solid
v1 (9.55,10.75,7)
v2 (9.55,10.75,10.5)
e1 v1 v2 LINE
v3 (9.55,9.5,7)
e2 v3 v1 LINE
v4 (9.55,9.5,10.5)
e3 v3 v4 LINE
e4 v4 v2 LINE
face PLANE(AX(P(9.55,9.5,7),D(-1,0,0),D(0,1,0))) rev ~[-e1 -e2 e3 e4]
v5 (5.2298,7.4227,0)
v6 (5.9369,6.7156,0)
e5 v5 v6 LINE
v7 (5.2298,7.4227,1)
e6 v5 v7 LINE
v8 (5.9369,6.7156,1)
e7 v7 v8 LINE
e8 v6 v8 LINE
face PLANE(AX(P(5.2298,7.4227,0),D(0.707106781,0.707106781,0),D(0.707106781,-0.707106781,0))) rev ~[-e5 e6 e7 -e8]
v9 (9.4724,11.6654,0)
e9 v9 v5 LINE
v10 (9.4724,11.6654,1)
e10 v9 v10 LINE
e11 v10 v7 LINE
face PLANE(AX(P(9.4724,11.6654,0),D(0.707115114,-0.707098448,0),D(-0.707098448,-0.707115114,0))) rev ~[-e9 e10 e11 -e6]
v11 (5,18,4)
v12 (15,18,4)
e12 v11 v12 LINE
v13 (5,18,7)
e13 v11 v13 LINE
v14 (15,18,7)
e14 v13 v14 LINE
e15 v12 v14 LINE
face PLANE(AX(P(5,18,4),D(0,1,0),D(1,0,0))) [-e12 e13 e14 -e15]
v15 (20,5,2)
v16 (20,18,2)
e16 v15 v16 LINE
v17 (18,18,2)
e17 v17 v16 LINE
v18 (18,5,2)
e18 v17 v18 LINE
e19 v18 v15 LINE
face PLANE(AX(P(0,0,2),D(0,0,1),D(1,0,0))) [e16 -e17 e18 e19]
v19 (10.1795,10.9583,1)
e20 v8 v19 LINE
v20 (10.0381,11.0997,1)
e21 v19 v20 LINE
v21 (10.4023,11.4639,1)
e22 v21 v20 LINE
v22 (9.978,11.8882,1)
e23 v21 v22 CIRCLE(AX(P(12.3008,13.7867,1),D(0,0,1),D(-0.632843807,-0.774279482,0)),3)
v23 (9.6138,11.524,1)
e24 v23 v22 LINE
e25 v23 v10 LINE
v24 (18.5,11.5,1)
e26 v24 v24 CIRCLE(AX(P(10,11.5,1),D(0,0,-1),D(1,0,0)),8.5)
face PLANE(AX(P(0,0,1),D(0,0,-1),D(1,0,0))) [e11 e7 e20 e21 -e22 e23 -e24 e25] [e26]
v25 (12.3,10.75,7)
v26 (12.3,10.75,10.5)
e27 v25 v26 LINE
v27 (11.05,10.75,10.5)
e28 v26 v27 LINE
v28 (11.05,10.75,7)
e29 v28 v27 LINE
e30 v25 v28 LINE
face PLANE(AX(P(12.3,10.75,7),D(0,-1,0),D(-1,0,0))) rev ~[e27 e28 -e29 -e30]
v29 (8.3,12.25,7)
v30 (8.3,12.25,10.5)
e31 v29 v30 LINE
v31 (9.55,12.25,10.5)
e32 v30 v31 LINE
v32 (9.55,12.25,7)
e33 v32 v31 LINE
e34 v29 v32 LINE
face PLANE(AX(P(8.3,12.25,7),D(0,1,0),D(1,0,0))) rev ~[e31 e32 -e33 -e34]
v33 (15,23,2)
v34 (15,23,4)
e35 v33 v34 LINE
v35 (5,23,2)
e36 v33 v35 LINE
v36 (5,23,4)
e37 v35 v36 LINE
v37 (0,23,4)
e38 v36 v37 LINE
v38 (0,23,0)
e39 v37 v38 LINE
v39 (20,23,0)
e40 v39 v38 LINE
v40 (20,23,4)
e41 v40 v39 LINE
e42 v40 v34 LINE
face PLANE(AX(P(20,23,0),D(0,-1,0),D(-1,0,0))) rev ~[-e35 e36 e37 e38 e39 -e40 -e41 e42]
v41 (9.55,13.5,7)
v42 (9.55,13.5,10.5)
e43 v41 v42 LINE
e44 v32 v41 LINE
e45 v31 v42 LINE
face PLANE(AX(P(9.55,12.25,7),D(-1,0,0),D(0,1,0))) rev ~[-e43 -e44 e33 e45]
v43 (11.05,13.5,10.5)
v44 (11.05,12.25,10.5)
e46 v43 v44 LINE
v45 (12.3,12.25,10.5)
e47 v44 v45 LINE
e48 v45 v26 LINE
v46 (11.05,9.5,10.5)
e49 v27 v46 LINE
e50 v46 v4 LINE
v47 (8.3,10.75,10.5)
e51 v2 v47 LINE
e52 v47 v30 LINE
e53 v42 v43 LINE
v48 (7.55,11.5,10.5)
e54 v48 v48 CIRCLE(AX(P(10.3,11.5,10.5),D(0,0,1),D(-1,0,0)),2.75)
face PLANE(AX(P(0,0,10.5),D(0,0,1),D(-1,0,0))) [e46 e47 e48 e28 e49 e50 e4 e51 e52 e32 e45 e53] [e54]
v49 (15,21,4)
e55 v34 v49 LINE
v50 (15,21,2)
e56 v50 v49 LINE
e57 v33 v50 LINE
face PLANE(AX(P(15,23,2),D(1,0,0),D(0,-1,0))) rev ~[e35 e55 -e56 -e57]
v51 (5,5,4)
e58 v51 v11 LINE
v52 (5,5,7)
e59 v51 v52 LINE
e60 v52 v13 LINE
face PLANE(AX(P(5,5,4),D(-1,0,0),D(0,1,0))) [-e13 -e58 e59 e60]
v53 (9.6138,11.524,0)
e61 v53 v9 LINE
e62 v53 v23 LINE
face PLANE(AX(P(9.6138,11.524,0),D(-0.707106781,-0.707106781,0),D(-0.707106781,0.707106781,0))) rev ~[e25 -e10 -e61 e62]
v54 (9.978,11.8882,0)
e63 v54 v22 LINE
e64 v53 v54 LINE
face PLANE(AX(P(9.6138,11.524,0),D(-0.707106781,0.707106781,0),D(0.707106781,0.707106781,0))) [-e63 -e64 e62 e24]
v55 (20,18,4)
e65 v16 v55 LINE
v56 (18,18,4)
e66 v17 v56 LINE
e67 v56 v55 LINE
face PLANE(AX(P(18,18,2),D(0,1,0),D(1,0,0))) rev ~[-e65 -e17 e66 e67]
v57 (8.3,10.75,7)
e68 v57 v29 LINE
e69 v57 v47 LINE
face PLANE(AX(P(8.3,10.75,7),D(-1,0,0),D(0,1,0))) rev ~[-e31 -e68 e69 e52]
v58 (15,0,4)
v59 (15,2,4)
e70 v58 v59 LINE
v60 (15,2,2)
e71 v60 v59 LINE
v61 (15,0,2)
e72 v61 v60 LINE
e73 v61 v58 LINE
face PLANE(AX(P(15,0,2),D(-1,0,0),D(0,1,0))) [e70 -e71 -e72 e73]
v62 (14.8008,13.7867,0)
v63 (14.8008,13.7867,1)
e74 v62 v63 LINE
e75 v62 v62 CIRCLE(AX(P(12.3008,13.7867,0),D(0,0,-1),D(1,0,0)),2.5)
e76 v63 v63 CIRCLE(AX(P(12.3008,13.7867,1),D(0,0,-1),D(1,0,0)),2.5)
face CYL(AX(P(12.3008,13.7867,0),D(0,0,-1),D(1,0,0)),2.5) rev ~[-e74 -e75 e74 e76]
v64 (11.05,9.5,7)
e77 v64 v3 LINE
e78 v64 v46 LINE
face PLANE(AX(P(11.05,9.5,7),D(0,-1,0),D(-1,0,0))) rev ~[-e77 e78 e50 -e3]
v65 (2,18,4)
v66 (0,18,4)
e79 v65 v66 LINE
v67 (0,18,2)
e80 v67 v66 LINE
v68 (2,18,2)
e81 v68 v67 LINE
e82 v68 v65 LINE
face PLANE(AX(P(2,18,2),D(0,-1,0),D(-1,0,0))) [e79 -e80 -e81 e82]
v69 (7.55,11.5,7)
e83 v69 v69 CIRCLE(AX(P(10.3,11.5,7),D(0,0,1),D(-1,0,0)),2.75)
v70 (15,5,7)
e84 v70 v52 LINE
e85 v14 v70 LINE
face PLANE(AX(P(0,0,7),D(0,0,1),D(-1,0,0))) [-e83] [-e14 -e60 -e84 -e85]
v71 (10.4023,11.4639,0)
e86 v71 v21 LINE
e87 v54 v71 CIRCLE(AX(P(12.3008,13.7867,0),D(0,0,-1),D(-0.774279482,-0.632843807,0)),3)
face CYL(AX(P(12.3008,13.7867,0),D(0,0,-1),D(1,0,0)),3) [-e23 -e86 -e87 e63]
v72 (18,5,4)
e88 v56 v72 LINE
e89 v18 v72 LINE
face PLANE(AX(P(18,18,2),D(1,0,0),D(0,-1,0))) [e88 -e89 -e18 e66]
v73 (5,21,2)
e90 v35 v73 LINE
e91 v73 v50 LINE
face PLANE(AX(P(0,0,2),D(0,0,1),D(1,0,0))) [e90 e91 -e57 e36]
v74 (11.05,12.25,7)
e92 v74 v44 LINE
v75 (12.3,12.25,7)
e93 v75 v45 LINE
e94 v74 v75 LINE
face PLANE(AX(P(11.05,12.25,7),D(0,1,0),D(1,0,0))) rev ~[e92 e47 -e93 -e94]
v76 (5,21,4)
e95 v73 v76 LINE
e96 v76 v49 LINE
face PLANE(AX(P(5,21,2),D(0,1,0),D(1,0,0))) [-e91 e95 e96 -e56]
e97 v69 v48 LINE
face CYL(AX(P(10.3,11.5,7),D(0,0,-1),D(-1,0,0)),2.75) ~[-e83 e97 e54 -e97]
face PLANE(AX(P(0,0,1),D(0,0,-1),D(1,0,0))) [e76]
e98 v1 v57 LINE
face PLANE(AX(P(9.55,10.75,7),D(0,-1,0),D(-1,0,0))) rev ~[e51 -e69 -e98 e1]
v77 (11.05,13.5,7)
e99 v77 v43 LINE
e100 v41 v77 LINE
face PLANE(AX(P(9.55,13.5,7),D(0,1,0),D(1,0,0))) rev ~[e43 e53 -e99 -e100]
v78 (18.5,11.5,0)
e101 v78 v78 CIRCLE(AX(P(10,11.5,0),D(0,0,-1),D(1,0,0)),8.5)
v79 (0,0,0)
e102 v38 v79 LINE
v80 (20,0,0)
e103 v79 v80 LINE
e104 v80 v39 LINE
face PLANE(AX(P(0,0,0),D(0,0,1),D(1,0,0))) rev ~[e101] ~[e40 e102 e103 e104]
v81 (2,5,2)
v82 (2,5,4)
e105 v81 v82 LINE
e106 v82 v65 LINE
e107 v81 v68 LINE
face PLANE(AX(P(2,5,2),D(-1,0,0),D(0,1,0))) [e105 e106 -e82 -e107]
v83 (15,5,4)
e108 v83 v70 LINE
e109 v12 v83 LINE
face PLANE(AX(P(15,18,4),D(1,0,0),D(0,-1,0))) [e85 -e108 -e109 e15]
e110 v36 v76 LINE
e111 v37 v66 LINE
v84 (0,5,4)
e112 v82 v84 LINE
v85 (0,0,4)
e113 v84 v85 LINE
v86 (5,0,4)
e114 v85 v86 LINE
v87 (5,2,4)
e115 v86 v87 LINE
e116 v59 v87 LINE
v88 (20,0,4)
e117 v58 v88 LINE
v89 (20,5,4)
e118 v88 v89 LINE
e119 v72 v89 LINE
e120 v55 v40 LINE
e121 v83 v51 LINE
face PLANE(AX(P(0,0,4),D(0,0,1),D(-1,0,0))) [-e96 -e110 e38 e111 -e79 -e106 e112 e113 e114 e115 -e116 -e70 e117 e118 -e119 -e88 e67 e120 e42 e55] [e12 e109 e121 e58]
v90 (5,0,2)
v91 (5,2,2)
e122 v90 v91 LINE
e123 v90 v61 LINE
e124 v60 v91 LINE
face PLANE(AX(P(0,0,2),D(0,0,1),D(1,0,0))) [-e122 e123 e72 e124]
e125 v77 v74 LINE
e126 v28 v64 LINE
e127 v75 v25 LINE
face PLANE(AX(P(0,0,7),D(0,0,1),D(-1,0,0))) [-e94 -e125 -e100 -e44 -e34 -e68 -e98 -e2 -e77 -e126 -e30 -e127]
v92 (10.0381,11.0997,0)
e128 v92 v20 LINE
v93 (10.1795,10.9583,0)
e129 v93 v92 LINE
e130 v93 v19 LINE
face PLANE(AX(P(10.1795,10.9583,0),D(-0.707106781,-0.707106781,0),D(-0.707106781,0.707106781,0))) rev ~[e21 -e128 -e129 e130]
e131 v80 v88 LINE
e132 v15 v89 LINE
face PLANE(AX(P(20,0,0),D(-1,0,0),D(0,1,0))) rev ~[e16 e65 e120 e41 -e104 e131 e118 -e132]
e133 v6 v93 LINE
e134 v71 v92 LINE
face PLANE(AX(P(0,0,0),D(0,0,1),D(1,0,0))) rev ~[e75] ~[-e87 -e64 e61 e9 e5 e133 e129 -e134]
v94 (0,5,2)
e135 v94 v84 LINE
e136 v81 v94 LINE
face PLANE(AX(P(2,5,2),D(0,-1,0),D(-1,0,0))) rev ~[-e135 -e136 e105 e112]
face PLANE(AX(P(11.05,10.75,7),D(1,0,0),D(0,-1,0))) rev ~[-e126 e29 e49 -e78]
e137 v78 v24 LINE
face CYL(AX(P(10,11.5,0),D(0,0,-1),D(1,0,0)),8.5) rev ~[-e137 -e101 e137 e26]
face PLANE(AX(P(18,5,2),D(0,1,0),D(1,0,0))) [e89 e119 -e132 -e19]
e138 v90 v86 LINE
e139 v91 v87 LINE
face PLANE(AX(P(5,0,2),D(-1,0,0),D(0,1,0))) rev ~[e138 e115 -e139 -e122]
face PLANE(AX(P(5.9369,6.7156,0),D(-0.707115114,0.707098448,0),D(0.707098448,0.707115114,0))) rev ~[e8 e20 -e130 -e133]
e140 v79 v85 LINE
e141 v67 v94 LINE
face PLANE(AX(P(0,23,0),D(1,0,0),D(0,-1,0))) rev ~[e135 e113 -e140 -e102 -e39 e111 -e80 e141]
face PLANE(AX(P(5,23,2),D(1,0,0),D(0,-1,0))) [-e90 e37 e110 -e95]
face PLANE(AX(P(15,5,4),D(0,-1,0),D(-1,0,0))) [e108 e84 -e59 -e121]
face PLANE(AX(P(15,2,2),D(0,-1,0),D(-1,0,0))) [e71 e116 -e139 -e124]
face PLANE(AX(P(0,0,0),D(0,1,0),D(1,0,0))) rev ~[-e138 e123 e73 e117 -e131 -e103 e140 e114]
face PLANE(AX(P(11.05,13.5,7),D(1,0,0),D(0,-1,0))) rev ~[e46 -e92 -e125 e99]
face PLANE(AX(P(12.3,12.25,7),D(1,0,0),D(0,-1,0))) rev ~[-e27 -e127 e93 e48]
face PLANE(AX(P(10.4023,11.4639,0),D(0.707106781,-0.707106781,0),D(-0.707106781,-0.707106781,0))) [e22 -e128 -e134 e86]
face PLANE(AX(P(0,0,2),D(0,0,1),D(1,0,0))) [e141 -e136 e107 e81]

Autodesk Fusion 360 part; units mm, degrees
sketch "スケッチ1" plane through (0, 0, 0) normal (0, 0, 1) x (1, 0, 0)
  line L0 (0, 0) -> (20, 0)
  line L1 (20, 0) -> (20, 23)
  line L2 (20, 23) -> (0, 23)
  line L3 (0, 23) -> (0, 0)
  dimension "d1" = 20
  dimension "d2" = 23
extrude "押し出し1" add sketch "スケッチ1" along normal blind 2
sketch "スケッチ2" plane through (0, 0, 2) normal (0, 0, 1) x (-1, 0, 0)
  line L0 (0, -23) -> (0, 0)
  line L1 (0, 0) -> (-20, 0)
  line L2 (-20, 0) -> (-20, -23)
  line L3 (-20, -23) -> (0, -23)
  line L4 (0, -23) -> (-5, -23)
  line L5 (-5, -23) -> (-5, -18)
  line L6 (-5, -18) -> (0, -18)
  line L7 (0, -18) -> (0, -23)
  line L8 (-20, -23) -> (-15, -23)
  line L9 (-15, -23) -> (-15, -18)
  line L10 (-15, -18) -> (-20, -18)
  line L11 (-20, -18) -> (-20, -23)
  line L12 (0, 0) -> (-5, 0)
  line L13 (-5, 0) -> (-5, -5)
  line L14 (-5, -5) -> (0, -5)
  line L15 (0, -5) -> (0, 0)
  line L16 (-20, 0) -> (-15, 0)
  line L17 (-15, 0) -> (-15, -5)
  line L18 (-15, -5) -> (-20, -5)
  line L19 (-20, -5) -> (-20, 0)
  line L20 (-2, -21) -> (-18, -21)
  line L21 (-18, -21) -> (-18, -2)
  line L22 (-18, -2) -> (-2, -2)
  line L23 (-2, -2) -> (-2, -21)
  dimension "d5" = 5
  dimension "d6" = 5
  dimension "d7" = 5
  dimension "d8" = 5
  dimension "d9" = 5
  dimension "d10" = 5
  dimension "d11" = 5
  dimension "d12" = 5
extrude "押し出し2" add sketch "スケッチ2" along normal blind 2 contours L0 L3 L4 L5 L6 L7 L20 L23 | L0 L1 L12 L13 L14 L15 L22 L23 | L5 L6 L20 L23 | L5 L6 L9 L10 L13 L14 L17 L18 L20 L21 L22 L23 | L2 L3 L8 L9 L10 L11 L20 L21 | L13 L14 L22 L23 | L9 L10 L20 L21 | L1 L2 L16 L17 L18 L19 L21 L22 | L17 L18 L21 L22
sketch "スケッチ3" plane through (0, 0, 4) normal (0, 0, 1) x (-1, 0, 0)
  line L0 (-18, -18) -> (-20, -18)
  line L1 (-20, -18) -> (-20, -23)
  line L2 (-20, -23) -> (-15, -23)
  line L3 (-15, -23) -> (-15, -21)
  line L4 (-15, -21) -> (-5, -21)
  line L5 (-5, -21) -> (-5, -23)
  line L6 (-5, -23) -> (0, -23)
  line L7 (0, -23) -> (0, -18)
  line L8 (0, -18) -> (-2, -18)
  line L9 (-2, -18) -> (-2, -5)
  line L10 (-2, -5) -> (0, -5)
  line L11 (0, -5) -> (0, 0)
  line L12 (0, 0) -> (-5, 0)
  line L13 (-5, 0) -> (-5, -2)
  line L14 (-5, -2) -> (-15, -2)
  line L15 (-15, -2) -> (-15, 0)
  line L16 (-15, 0) -> (-20, 0)
  line L17 (-20, 0) -> (-20, -5)
  line L18 (-20, -5) -> (-18, -5)
  line L19 (-18, -5) -> (-18, -18)
  line L20 (-5, -18) -> (-15, -18)
  line L21 (-15, -18) -> (-15, -5)
  line L22 (-15, -5) -> (-5, -5)
  line L23 (-5, -5) -> (-5, -18)
extrude "押し出し3" add sketch "スケッチ3" along normal blind 3 contours L20 L21 L22 L23
sketch "スケッチ4" plane through (0, 0, 7) normal (0, 0, 1) x (-1, 0, 0)
  line L0 (-5, -5) -> (-15, -5)
  line L1 (-15, -5) -> (-15, -18)
  line L2 (-15, -18) -> (-5, -18)
  line L3 (-5, -18) -> (-5, -5)
  line L4 (-9.55, -13.5) -> (-11.05, -13.5)
  line L5 (-11.05, -13.5) -> (-11.05, -9.5)
  line L6 (-11.05, -9.5) -> (-9.55, -9.5)
  line L7 (-9.55, -9.5) -> (-9.55, -13.5)
  line L8 (-8.3, -12.25) -> (-12.3, -12.25)
  line L9 (-12.3, -12.25) -> (-12.3, -10.75)
  line L10 (-12.3, -10.75) -> (-8.3, -10.75)
  line L11 (-8.3, -10.75) -> (-8.3, -12.25)
  circle A0 centre (-10.3, -11.5) radius 2.75
  dimension "d17" = 13
  dimension "d18" = 1.5
  dimension "d19" = 4
  dimension "d20" = 4
  dimension "d21" = 1.5
  dimension "d22" = 5.5
extrude "押し出し4" add sketch "スケッチ4" along normal blind 3.5 contours A0
sketch "スケッチ5" plane through (0, 0, 0) normal (0, 0, -1) x (1, 0, 0)
  line L0 (0, 0) -> (0, -23)
  line L1 (0, -23) -> (20, -23)
  line L2 (20, -23) -> (20, 0)
  line L3 (20, 0) -> (0, 0)
  circle A0 centre (10, -11.5) radius 8.5
  circle A1 centre (12.3008, -13.7867) radius 3
  circle A2 centre (12.3008, -13.7867) radius 2.5
  line L4 (5.2298, -7.4227) -> (5.9369, -6.7156)
  line L5 (5.9369, -6.7156) -> (10.1795, -10.9583)
  line L6 (10.1795, -10.9583) -> (9.4724, -11.6654)
  line L7 (9.4724, -11.6654) -> (5.2298, -7.4227)
  line L8 (9.978, -11.8882) -> (10.4023, -11.4639)
  line L9 (9.6138, -11.524) -> (9.978, -11.8882)
  line L10 (10.4023, -11.4639) -> (10.0381, -11.0997)
  line L11 (10.0381, -11.0997) -> (9.6138, -11.524)
extrude "押し出し5" cut sketch "スケッチ5" against normal blind 1 contours A0 | A2
